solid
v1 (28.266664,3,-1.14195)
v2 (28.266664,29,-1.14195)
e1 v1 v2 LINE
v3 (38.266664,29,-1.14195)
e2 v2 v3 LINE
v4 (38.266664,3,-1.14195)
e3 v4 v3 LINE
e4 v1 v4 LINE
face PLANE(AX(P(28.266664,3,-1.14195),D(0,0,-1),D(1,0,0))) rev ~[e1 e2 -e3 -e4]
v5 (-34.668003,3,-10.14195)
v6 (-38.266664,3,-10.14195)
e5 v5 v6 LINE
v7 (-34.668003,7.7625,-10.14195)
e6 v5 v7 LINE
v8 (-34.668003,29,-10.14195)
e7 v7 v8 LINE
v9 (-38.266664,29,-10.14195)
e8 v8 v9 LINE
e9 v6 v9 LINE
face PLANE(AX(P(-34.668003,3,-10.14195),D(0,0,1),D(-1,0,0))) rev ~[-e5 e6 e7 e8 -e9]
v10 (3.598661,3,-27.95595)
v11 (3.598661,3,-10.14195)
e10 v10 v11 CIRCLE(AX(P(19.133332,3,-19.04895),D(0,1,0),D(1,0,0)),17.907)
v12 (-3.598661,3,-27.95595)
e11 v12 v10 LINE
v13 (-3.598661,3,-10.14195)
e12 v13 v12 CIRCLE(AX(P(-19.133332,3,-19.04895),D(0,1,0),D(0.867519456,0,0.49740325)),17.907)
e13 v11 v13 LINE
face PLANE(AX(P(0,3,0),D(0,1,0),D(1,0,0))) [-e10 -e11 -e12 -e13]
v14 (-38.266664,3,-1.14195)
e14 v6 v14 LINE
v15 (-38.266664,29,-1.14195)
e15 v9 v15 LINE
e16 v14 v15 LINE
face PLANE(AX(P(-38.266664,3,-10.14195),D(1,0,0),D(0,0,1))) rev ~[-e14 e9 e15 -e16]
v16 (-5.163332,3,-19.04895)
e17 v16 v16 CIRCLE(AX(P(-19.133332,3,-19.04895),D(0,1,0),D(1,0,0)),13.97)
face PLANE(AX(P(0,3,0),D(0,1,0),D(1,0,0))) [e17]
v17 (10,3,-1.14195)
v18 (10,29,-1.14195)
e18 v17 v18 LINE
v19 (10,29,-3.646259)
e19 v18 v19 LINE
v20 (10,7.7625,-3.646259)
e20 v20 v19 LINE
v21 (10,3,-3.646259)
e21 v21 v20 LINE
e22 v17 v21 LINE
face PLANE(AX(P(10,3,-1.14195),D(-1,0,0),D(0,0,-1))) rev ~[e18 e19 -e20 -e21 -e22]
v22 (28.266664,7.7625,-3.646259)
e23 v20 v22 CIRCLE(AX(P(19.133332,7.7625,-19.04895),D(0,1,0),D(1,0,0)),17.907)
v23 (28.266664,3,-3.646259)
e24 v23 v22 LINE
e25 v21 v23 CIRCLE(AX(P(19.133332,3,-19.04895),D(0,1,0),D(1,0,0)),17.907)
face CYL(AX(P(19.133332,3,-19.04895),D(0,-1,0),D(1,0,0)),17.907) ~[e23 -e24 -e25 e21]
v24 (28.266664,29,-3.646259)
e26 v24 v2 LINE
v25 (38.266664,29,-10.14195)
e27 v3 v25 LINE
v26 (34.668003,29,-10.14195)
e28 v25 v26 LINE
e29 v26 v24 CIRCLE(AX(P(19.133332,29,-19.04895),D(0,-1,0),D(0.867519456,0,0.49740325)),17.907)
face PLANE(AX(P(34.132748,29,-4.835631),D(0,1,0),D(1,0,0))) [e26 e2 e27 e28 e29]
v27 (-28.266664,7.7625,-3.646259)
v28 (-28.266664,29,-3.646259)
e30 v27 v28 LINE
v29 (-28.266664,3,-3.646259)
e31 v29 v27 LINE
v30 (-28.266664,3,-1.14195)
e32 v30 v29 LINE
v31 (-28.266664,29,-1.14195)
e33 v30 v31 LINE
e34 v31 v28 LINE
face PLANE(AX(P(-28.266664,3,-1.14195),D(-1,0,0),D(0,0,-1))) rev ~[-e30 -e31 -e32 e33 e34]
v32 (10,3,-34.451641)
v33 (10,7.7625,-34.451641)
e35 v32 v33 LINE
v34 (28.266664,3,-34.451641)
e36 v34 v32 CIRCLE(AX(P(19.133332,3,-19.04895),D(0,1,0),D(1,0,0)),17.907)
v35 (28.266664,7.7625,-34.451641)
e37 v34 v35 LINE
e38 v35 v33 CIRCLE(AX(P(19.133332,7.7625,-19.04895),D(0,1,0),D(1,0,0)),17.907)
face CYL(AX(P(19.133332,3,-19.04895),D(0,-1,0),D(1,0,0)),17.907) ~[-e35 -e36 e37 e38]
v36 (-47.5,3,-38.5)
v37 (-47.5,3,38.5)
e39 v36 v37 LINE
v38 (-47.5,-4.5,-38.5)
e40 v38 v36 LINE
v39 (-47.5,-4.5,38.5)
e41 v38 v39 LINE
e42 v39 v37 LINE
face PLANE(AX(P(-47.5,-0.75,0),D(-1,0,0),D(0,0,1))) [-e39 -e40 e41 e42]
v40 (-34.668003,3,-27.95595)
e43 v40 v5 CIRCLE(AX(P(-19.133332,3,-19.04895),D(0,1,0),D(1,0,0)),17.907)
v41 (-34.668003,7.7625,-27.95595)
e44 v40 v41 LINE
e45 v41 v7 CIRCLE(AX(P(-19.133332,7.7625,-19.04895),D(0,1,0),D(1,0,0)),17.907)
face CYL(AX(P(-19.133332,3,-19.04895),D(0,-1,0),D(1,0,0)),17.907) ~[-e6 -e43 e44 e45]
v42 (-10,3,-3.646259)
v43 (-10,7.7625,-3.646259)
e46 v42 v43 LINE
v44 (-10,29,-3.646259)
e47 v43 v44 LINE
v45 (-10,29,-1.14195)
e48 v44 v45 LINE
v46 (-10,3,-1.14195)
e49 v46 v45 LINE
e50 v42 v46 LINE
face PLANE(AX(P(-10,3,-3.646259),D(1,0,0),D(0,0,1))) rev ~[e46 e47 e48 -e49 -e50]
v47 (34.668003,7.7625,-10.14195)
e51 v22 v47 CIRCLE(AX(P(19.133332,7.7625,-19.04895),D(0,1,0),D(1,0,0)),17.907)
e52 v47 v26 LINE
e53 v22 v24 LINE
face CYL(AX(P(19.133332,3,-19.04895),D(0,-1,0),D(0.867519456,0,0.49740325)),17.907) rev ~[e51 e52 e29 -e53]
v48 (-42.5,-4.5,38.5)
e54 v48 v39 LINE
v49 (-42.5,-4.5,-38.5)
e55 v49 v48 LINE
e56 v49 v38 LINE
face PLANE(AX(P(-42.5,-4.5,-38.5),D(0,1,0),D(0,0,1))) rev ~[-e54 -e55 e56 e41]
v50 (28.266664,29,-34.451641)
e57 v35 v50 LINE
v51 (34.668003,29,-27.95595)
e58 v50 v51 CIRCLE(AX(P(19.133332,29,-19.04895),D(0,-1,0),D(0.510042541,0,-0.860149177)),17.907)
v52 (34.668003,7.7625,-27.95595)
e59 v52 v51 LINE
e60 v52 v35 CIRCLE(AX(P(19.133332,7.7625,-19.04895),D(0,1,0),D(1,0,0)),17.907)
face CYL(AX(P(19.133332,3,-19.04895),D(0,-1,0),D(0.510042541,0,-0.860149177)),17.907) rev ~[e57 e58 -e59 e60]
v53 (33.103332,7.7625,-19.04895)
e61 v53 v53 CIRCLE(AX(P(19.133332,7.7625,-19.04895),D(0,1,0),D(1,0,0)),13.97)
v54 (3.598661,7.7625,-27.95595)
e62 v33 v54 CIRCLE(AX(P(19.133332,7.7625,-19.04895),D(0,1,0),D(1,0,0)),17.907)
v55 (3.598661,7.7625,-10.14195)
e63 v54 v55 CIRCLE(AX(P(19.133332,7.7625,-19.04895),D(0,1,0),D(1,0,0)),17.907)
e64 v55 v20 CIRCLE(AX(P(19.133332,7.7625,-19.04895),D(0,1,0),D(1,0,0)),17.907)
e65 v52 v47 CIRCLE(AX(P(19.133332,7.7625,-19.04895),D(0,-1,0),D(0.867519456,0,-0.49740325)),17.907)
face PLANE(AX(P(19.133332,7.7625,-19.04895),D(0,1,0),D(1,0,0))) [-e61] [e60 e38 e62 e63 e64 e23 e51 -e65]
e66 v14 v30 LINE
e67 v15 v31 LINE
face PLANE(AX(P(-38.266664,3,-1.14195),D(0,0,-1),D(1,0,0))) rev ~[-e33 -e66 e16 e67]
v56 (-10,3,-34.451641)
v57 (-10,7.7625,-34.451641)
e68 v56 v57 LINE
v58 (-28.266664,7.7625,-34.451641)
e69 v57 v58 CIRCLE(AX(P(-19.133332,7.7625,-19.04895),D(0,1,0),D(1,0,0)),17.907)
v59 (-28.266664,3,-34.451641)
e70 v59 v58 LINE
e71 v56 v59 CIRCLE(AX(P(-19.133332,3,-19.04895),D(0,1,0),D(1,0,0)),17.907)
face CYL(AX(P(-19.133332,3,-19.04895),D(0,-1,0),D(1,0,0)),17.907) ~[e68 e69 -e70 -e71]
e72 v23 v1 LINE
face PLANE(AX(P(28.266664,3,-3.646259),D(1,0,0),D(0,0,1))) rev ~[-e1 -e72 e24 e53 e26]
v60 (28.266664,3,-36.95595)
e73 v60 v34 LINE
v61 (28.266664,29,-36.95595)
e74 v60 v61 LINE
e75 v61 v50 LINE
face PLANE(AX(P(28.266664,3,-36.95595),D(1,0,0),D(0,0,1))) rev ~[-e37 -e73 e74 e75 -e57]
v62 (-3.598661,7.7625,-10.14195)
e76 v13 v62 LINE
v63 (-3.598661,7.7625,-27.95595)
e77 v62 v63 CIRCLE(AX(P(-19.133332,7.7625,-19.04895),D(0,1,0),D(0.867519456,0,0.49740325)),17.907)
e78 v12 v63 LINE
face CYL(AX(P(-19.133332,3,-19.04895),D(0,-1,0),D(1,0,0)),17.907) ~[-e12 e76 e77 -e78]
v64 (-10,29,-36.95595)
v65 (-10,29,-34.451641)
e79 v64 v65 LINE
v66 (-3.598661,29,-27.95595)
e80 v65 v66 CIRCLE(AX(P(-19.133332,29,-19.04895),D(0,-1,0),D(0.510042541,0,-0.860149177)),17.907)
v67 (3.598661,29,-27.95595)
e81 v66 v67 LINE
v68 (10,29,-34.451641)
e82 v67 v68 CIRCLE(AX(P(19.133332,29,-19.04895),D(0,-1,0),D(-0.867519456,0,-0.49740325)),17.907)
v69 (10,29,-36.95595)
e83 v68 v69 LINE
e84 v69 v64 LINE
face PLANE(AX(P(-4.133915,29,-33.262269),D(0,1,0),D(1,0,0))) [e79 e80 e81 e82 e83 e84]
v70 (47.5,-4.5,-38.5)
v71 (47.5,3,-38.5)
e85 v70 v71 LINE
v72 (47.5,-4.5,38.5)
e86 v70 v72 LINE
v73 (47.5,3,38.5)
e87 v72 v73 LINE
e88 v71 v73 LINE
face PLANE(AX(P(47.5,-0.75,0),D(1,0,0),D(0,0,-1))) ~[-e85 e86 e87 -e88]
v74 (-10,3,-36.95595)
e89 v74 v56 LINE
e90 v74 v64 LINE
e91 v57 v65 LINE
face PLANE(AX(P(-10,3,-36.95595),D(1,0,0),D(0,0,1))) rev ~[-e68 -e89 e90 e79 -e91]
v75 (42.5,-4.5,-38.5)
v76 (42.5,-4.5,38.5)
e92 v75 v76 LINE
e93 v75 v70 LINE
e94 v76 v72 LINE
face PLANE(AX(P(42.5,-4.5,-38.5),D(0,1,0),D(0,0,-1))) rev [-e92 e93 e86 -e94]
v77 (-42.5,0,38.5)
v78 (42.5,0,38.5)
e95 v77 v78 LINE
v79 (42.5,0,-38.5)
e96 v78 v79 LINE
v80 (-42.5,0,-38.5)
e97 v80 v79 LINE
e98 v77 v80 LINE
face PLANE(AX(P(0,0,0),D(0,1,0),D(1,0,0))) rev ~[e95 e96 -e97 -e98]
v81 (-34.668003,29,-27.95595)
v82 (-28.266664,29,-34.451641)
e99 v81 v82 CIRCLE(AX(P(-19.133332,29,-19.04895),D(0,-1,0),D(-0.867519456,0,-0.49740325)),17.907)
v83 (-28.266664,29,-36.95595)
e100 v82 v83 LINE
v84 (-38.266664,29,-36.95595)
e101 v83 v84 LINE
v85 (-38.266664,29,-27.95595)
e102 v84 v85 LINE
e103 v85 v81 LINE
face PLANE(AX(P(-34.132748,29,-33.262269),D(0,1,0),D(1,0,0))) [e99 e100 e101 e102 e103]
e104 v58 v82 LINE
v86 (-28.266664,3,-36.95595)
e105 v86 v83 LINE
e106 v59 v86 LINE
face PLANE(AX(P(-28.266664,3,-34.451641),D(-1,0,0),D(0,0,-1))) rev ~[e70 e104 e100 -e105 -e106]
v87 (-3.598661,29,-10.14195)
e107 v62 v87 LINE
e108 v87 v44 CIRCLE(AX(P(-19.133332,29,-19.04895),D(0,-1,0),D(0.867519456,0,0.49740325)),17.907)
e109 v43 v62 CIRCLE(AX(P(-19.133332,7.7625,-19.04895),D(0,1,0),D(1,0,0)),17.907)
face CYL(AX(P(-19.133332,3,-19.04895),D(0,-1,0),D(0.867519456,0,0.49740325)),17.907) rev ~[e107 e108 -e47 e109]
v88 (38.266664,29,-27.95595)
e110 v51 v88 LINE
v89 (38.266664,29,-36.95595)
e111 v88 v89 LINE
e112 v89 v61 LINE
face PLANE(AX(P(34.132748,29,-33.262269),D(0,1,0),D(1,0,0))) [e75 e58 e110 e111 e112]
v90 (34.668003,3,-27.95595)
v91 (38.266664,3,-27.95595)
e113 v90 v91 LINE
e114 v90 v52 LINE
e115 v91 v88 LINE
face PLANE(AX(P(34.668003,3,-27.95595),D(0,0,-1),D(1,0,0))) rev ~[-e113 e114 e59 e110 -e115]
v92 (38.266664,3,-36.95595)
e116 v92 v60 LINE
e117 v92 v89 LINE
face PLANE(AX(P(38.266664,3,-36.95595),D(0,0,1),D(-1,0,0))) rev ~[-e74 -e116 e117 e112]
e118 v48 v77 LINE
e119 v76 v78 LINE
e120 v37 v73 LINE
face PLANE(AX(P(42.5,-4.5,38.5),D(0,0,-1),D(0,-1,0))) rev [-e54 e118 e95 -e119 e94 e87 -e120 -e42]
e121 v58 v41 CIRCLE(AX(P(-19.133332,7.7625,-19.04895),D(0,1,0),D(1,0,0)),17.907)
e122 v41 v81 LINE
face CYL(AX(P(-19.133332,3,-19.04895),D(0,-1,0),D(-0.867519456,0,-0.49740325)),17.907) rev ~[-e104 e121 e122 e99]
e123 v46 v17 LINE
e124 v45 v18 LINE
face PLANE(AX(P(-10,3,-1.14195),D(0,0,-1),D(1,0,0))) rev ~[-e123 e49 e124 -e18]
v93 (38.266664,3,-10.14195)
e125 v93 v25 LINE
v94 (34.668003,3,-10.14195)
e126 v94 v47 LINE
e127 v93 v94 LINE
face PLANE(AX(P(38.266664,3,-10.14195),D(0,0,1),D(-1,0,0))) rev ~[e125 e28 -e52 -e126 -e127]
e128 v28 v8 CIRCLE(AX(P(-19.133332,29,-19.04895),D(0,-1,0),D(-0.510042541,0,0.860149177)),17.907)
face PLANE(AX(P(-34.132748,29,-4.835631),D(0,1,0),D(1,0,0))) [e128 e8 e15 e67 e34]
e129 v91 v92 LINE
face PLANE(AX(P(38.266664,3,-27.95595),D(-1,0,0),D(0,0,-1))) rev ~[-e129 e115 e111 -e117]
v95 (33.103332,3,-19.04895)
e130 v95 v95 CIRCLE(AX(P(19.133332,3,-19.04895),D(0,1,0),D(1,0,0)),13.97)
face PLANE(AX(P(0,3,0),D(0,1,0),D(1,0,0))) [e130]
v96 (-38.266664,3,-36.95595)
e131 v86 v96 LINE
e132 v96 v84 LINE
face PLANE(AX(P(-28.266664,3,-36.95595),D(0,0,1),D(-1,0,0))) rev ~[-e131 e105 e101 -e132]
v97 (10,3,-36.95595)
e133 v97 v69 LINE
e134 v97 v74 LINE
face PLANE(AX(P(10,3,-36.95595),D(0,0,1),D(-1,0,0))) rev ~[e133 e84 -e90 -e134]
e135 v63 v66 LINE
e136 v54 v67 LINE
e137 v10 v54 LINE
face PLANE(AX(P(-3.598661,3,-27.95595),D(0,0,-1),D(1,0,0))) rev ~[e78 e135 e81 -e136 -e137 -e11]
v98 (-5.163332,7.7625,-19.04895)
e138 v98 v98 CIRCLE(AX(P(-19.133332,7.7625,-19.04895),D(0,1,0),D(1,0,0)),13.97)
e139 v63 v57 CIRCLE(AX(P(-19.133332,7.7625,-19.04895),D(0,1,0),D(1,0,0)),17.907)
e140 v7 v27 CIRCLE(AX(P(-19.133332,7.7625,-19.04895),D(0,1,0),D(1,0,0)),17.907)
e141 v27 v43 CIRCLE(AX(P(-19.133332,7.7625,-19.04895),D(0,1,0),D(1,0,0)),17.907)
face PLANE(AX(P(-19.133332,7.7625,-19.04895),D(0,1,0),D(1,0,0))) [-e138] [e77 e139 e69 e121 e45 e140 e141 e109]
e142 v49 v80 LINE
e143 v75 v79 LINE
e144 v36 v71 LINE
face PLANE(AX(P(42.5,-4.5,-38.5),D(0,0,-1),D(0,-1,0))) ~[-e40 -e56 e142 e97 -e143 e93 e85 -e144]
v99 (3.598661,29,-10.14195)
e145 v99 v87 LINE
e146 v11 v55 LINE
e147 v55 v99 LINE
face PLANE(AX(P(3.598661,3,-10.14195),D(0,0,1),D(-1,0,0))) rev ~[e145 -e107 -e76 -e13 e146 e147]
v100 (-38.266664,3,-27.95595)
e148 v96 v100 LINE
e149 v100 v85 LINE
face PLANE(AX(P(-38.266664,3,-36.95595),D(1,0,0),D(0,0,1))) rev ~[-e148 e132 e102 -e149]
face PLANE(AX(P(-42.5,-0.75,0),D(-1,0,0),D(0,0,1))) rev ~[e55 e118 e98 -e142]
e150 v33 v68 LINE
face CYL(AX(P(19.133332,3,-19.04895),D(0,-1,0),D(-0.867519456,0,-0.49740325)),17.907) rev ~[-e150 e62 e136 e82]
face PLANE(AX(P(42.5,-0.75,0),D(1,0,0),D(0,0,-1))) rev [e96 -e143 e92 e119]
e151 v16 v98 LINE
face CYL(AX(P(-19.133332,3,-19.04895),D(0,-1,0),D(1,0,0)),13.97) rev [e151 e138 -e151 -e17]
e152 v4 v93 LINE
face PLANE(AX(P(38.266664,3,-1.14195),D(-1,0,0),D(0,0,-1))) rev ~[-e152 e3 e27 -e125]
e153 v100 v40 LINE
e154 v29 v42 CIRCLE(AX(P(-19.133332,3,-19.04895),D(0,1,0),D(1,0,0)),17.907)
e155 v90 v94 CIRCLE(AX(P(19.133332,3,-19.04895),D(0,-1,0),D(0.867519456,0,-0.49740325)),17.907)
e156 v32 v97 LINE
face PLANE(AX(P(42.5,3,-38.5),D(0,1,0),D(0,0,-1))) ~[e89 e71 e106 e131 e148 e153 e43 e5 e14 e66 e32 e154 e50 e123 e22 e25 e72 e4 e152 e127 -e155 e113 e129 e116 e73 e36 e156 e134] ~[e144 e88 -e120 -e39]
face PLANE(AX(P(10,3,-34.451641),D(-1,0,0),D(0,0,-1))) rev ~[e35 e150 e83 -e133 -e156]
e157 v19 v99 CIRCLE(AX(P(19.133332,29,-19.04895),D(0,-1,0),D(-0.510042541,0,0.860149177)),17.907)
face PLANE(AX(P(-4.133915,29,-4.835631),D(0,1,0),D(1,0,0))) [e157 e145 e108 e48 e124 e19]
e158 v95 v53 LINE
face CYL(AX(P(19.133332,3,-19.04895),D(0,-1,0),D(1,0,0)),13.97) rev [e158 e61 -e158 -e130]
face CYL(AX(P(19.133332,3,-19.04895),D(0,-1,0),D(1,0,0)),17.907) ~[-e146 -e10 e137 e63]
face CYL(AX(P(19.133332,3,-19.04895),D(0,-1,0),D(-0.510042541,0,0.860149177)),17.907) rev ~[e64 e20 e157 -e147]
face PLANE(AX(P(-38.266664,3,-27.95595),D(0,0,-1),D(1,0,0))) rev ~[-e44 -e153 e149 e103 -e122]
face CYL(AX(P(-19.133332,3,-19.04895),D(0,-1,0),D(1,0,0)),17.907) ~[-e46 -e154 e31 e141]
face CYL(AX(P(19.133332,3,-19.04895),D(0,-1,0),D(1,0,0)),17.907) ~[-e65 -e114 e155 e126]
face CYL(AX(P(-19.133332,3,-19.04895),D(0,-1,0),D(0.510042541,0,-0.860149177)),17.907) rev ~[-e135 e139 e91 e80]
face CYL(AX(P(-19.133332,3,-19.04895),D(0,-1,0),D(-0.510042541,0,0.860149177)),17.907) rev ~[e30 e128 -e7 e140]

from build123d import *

# Parameters (mm, degrees)
SKETCH1_W           = 85
SKETCH1_H           = 77
BOSS_EXTRUDE1_DEPTH = 3
SKETCH3_R           = 17.907
SKETCH3_R_2         = 13.97
BOSS_EXTRUDE3_DEPTH = 4.7625
BOSS_EXTRUDE7_DEPTH = 26
SKETCH6_W           = 77
SKETCH6_H           = 7.5
BOSS_EXTRUDE8_DEPTH = 5


with BuildPart() as part:
    # Sketch1 → Boss-Extrude1 (new body)
    with BuildSketch(Plane(origin=(0, 0, 0), x_dir=(1, 0, 0), z_dir=(0, 1, 0))):
        Rectangle(SKETCH1_W, SKETCH1_H)
    extrude(amount=BOSS_EXTRUDE1_DEPTH)

    # Sketch3 → Boss-Extrude3 (add)
    with BuildSketch(Plane(origin=(0, 3, 0), x_dir=(1, 0, 0), z_dir=(0, 1, 0))):
        with Locations((19.133331774, 19.048949964)):
            Circle(SKETCH3_R)
        with Locations((19.133331774, 19.048949964)):
            Circle(SKETCH3_R_2, mode=Mode.SUBTRACT)
        with Locations((-19.133331774, 19.048949964)):
            Circle(SKETCH3_R)
        with Locations((-19.133331774, 19.048949964)):
            Circle(SKETCH3_R_2, mode=Mode.SUBTRACT)
    extrude(amount=BOSS_EXTRUDE3_DEPTH)

    # Sketch4 → Boss-Extrude7 (add)
    with BuildSketch(Plane(origin=(0, 3, 0), x_dir=(1, 0, 0), z_dir=(0, 1, 0))):
        with BuildLine():
            ThreePointArc((-34.668002675, 27.955949964), (-31.887785522, 31.618140813), (-28.266663548, 34.451641278))
            Line((-28.266663548, 34.451641278), (-28.266663548, 36.955949964))
            Line((-28.266663548, 36.955949964), (-38.266663548, 36.955949964))
            Line((-38.266663548, 36.955949964), (-38.266663548, 27.955949964))
            Line((-38.266663548, 27.955949964), (-34.668002675, 27.955949964))
        make_face()
        with BuildLine():
            ThreePointArc((-28.266663548, 3.64625865), (-31.887785522, 6.479759115), (-34.668002675, 10.141949964))
            Line((-34.668002675, 10.141949964), (-38.266663548, 10.141949964))
            Line((-38.266663548, 10.141949964), (-38.266663548, 1.141949964))
            Line((-38.266663548, 1.141949964), (-28.266663548, 1.141949964))
            Line((-28.266663548, 1.141949964), (-28.266663548, 3.64625865))
        make_face()
        with BuildLine():
            Line((0, 10.141949964), (-3.598660873, 10.141949964))
            ThreePointArc((-3.598660873, 10.141949964), (-6.378878026, 6.479759115), (-10, 3.64625865))
            Line((-10, 3.64625865), (-10, 1.141949964))
            Line((-10, 1.141949964), (0, 1.141949964))
            Line((0, 1.141949964), (0, 10.141949964))
        make_face()
        with BuildLine():
            ThreePointArc((10, 3.64625865), (6.378878026, 6.479759115), (3.598660873, 10.141949964))
            Line((3.598660873, 10.141949964), (0, 10.141949964))
            Line((0, 10.141949964), (0, 1.141949964))
            Line((0, 1.141949964), (10, 1.141949964))
            Line((10, 1.141949964), (10, 3.64625865))
        make_face()
        with BuildLine():
            Line((0, 27.955949964), (0, 36.955949964))
            Line((0, 36.955949964), (-10, 36.955949964))
            Line((-10, 36.955949964), (-10, 34.451641278))
            ThreePointArc((-10, 34.451641278), (-6.378878026, 31.618140813), (-3.598660873, 27.955949964))
            Line((-3.598660873, 27.955949964), (0, 27.955949964))
        make_face()
        with BuildLine():
            Line((10, 36.955949964), (0, 36.955949964))
            Line((0, 36.955949964), (0, 27.955949964))
            Line((0, 27.955949964), (3.598660873, 27.955949964))
            ThreePointArc((3.598660873, 27.955949964), (6.378878026, 31.618140813), (10, 34.451641278))
            Line((10, 34.451641278), (10, 36.955949964))
        make_face()
        with BuildLine():
            Line((28.266663548, 36.955949964), (28.266663548, 34.451641278))
            ThreePointArc((28.266663548, 34.451641278), (31.887785522, 31.618140813), (34.668002675, 27.955949964))
            Line((34.668002675, 27.955949964), (38.266663548, 27.955949964))
            Line((38.266663548, 27.955949964), (38.266663548, 36.955949964))
            Line((38.266663548, 36.955949964), (28.266663548, 36.955949964))
        make_face()
        with BuildLine():
            ThreePointArc((34.668002675, 10.141949964), (31.887785522, 6.479759115), (28.266663548, 3.64625865))
            Line((28.266663548, 3.64625865), (28.266663548, 1.141949964))
            Line((28.266663548, 1.141949964), (38.266663548, 1.141949964))
            Line((38.266663548, 1.141949964), (38.266663548, 10.141949964))
            Line((38.266663548, 10.141949964), (34.668002675, 10.141949964))
        make_face()
    extrude(amount=BOSS_EXTRUDE7_DEPTH)

    # Sketch6 → Boss-Extrude8 (add)
    with BuildSketch(Plane.ZY.offset(42.5)):
        with Locations((0, -0.75)):
            Rectangle(SKETCH6_W, SKETCH6_H)
    boss_extrude8 = extrude(amount=BOSS_EXTRUDE8_DEPTH)

    # Mirror1: Boss-Extrude8 across plane
    add(boss_extrude8.mirror(Plane(origin=(0, 0, 0), x_dir=(0, 0, 1), z_dir=(1, 0, 0))))


solid = part.part
